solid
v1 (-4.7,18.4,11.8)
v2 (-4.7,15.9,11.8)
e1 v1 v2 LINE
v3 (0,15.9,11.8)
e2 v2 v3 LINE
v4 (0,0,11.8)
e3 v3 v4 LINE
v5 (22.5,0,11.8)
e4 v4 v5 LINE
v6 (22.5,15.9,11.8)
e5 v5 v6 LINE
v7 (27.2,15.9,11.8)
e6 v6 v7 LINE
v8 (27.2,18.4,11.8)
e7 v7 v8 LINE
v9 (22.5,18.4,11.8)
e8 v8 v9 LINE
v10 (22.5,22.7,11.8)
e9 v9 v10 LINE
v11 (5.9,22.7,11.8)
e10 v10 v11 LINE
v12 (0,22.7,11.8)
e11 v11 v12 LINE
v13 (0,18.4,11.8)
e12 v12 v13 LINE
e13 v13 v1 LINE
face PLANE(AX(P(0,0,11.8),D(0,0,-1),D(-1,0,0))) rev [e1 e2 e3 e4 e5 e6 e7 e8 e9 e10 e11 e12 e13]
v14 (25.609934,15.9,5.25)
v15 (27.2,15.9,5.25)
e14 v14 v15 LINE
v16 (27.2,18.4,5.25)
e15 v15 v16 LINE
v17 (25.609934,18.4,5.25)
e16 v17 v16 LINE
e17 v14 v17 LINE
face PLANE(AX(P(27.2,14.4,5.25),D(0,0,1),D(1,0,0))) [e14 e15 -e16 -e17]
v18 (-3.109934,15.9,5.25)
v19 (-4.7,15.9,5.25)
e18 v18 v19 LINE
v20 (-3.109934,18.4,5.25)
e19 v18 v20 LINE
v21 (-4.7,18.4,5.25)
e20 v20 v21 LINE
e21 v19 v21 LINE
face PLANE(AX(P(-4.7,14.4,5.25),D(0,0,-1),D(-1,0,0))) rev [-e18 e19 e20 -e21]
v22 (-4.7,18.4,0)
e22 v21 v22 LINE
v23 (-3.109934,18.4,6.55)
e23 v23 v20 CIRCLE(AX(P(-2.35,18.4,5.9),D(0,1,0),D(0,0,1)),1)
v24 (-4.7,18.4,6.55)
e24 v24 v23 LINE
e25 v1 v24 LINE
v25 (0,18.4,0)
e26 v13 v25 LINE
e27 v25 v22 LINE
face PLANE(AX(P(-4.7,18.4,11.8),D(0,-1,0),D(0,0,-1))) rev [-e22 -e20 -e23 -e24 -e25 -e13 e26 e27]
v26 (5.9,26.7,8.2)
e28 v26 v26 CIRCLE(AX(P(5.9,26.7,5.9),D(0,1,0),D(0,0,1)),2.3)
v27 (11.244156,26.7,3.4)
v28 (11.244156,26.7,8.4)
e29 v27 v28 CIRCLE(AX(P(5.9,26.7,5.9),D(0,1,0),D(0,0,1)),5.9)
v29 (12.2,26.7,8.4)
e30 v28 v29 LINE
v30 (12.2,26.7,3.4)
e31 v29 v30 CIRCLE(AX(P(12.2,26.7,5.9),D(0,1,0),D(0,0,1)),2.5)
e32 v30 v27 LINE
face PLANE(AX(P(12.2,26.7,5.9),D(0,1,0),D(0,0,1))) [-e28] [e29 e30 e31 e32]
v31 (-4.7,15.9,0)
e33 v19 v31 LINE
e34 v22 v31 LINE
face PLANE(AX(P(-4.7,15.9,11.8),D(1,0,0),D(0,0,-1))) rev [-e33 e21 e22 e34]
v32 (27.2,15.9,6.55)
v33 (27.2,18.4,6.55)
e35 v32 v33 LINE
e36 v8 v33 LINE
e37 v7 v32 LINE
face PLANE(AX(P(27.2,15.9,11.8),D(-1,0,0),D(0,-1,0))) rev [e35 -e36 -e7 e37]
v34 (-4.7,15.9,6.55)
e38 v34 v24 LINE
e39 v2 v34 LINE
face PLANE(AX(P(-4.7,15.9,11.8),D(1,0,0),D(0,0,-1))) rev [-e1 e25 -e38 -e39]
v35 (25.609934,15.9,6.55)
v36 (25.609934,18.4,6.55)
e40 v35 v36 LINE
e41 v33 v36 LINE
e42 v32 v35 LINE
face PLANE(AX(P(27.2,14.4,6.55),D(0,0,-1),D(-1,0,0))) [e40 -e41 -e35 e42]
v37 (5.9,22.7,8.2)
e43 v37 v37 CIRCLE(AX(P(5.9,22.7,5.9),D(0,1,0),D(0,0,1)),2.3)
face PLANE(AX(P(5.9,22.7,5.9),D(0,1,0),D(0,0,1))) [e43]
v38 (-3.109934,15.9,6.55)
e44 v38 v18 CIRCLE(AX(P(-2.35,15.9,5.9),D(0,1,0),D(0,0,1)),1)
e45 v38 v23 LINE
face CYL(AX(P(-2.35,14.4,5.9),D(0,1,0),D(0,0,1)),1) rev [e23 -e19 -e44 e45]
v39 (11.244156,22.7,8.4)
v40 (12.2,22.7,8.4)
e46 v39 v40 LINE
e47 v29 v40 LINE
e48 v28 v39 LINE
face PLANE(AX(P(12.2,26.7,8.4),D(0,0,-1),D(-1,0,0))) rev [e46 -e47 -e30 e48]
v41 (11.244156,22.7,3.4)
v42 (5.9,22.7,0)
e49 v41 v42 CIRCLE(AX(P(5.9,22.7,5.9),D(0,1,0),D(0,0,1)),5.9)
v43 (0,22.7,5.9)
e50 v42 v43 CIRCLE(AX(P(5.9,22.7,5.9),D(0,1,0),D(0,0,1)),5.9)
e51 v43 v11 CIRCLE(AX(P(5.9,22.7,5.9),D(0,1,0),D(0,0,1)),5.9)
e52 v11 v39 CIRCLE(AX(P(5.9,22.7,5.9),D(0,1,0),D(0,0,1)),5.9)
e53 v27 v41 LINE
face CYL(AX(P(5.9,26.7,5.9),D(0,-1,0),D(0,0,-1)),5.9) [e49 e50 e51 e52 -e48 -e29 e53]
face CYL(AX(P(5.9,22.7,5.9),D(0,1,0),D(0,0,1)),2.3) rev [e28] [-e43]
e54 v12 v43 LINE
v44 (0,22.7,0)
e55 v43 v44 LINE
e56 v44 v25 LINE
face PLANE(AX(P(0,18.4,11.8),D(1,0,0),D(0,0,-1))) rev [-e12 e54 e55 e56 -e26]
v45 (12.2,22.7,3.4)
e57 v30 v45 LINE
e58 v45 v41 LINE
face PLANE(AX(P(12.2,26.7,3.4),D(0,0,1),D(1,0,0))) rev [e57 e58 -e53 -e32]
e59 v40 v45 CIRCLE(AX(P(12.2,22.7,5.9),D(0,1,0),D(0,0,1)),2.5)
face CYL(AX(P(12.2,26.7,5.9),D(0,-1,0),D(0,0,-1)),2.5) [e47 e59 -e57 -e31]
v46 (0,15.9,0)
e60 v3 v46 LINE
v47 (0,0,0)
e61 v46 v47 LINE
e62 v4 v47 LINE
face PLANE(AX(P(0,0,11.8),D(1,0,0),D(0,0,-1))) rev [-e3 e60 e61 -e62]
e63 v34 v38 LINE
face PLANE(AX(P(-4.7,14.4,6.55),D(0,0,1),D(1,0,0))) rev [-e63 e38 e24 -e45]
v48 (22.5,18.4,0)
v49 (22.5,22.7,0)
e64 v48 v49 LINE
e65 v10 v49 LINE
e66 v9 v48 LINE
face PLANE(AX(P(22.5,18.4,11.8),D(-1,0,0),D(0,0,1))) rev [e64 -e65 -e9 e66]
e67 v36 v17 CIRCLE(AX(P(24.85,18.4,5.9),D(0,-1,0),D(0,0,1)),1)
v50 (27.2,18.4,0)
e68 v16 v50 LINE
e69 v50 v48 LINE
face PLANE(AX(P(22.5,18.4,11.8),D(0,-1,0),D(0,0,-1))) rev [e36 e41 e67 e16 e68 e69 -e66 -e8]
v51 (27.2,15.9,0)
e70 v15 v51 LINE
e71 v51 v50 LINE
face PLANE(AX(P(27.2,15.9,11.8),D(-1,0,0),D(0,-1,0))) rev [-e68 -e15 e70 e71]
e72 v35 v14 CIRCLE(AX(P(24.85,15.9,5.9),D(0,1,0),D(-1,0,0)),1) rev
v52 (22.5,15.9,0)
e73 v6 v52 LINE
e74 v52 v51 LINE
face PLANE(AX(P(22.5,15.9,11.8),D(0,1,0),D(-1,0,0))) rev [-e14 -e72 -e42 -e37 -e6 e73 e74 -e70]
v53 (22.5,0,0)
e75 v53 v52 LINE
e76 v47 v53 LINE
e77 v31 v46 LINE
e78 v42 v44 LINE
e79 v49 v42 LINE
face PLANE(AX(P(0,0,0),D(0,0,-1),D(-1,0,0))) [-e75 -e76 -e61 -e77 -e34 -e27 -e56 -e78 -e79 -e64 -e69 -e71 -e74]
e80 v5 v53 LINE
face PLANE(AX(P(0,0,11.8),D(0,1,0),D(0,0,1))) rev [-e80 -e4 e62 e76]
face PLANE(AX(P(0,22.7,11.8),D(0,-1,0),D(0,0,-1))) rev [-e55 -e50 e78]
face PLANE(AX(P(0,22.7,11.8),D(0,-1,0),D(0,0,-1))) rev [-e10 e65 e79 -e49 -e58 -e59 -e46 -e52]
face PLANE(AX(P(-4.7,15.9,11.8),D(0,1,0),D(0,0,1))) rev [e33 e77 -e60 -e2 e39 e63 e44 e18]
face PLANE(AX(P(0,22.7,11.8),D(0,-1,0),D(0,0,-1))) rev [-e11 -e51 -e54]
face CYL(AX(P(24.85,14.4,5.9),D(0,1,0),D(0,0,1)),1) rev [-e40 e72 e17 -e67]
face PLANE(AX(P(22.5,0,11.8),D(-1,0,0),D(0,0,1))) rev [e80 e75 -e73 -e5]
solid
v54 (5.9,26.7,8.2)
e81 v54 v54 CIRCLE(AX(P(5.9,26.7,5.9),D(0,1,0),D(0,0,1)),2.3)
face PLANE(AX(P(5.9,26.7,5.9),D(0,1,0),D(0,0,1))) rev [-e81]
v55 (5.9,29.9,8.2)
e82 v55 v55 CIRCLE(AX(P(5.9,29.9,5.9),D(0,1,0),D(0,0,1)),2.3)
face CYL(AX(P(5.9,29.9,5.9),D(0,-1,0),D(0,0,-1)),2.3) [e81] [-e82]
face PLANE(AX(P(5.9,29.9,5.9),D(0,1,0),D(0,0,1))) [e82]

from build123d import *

# Parameters (mm, degrees)
BOSS_EXTRUDE1_DEPTH = 11.8
BOSS_EXTRUDE2_DEPTH = 4
SKETCH3_R           = 2.3
CUT_EXTRUDE1_DEPTH  = 4
CUT_EXTRUDE2_DEPTH  = 4
SKETCH5_R           = 2.3
BOSS_EXTRUDE3_DEPTH = 3.2


with BuildPart() as part:
    # Sketch1 → Boss-Extrude1 (new body)
    with BuildSketch(Plane.XY):
        Polygon((0, 0), (22.5, 0), (22.5, 15.9), (27.2, 15.9), (27.2, 18.4), (22.5, 18.4), (22.5, 22.7), (0, 22.7), (0, 18.4), (-4.7, 18.4), (-4.7, 15.9), (0, 15.9), align=None)
    extrude(amount=BOSS_EXTRUDE1_DEPTH)

    # Sketch2 → Boss-Extrude2 (add)
    with BuildSketch(Plane(origin=(0, 22.7, 0), x_dir=(1, 0, 0), z_dir=(0, 1, 0))):
        with BuildLine():
            Line((12.2, -3.4), (11.244155686, -3.4))
            ThreePointArc((11.244155686, -3.4), (0, -5.9), (11.244155686, -8.4))
            Line((11.244155686, -8.4), (12.2, -8.4))
            ThreePointArc((12.2, -8.4), (14.7, -5.9), (12.2, -3.4))
        make_face()
    extrude(amount=BOSS_EXTRUDE2_DEPTH)

    # Sketch3 → Cut-Extrude1 (cut)
    with BuildSketch(Plane(origin=(0, 26.7, 0), x_dir=(1, 0, 0), z_dir=(0, 1, 0))):
        with Locations(Location((5.9, -5.9, 0), (0, 0, 270))):
            Circle(SKETCH3_R)
    extrude(amount=-CUT_EXTRUDE1_DEPTH, mode=Mode.SUBTRACT)

    # Sketch4 → Cut-Extrude2 (cut)
    with BuildSketch(Plane(origin=(0, 18.4, 0), x_dir=(1, 0, 0), z_dir=(0, 1, 0))):
        with BuildLine():
            Line((-4.7, -5.25), (-4.7, -6.55))
            Line((-4.7, -6.55), (-3.109934208, -6.55))
            ThreePointArc((-3.109934208, -6.55), (-1.35, -5.9), (-3.109934208, -5.25))
            Line((-3.109934208, -5.25), (-4.7, -5.25))
        make_face()
    cut_extrude2 = extrude(amount=-CUT_EXTRUDE2_DEPTH, mode=Mode.SUBTRACT)

    # Mirror1: Cut-Extrude2 across plane
    add(cut_extrude2.mirror(Plane(origin=(11.25, 0, 0), x_dir=(0, 0, 1), z_dir=(1, 0, 0))), mode=Mode.SUBTRACT)


with BuildPart() as body_2:
    # Sketch5 → Boss-Extrude3 (new body)
    with BuildSketch(Plane(origin=(0, 26.7, 0), x_dir=(1, 0, 0), z_dir=(0, 1, 0))):
        with Locations(Location((5.9, -5.9, 0), (0, 0, 270))):
            Circle(SKETCH5_R)
    extrude(amount=BOSS_EXTRUDE3_DEPTH)


solid = Compound([part.part, body_2.part])
